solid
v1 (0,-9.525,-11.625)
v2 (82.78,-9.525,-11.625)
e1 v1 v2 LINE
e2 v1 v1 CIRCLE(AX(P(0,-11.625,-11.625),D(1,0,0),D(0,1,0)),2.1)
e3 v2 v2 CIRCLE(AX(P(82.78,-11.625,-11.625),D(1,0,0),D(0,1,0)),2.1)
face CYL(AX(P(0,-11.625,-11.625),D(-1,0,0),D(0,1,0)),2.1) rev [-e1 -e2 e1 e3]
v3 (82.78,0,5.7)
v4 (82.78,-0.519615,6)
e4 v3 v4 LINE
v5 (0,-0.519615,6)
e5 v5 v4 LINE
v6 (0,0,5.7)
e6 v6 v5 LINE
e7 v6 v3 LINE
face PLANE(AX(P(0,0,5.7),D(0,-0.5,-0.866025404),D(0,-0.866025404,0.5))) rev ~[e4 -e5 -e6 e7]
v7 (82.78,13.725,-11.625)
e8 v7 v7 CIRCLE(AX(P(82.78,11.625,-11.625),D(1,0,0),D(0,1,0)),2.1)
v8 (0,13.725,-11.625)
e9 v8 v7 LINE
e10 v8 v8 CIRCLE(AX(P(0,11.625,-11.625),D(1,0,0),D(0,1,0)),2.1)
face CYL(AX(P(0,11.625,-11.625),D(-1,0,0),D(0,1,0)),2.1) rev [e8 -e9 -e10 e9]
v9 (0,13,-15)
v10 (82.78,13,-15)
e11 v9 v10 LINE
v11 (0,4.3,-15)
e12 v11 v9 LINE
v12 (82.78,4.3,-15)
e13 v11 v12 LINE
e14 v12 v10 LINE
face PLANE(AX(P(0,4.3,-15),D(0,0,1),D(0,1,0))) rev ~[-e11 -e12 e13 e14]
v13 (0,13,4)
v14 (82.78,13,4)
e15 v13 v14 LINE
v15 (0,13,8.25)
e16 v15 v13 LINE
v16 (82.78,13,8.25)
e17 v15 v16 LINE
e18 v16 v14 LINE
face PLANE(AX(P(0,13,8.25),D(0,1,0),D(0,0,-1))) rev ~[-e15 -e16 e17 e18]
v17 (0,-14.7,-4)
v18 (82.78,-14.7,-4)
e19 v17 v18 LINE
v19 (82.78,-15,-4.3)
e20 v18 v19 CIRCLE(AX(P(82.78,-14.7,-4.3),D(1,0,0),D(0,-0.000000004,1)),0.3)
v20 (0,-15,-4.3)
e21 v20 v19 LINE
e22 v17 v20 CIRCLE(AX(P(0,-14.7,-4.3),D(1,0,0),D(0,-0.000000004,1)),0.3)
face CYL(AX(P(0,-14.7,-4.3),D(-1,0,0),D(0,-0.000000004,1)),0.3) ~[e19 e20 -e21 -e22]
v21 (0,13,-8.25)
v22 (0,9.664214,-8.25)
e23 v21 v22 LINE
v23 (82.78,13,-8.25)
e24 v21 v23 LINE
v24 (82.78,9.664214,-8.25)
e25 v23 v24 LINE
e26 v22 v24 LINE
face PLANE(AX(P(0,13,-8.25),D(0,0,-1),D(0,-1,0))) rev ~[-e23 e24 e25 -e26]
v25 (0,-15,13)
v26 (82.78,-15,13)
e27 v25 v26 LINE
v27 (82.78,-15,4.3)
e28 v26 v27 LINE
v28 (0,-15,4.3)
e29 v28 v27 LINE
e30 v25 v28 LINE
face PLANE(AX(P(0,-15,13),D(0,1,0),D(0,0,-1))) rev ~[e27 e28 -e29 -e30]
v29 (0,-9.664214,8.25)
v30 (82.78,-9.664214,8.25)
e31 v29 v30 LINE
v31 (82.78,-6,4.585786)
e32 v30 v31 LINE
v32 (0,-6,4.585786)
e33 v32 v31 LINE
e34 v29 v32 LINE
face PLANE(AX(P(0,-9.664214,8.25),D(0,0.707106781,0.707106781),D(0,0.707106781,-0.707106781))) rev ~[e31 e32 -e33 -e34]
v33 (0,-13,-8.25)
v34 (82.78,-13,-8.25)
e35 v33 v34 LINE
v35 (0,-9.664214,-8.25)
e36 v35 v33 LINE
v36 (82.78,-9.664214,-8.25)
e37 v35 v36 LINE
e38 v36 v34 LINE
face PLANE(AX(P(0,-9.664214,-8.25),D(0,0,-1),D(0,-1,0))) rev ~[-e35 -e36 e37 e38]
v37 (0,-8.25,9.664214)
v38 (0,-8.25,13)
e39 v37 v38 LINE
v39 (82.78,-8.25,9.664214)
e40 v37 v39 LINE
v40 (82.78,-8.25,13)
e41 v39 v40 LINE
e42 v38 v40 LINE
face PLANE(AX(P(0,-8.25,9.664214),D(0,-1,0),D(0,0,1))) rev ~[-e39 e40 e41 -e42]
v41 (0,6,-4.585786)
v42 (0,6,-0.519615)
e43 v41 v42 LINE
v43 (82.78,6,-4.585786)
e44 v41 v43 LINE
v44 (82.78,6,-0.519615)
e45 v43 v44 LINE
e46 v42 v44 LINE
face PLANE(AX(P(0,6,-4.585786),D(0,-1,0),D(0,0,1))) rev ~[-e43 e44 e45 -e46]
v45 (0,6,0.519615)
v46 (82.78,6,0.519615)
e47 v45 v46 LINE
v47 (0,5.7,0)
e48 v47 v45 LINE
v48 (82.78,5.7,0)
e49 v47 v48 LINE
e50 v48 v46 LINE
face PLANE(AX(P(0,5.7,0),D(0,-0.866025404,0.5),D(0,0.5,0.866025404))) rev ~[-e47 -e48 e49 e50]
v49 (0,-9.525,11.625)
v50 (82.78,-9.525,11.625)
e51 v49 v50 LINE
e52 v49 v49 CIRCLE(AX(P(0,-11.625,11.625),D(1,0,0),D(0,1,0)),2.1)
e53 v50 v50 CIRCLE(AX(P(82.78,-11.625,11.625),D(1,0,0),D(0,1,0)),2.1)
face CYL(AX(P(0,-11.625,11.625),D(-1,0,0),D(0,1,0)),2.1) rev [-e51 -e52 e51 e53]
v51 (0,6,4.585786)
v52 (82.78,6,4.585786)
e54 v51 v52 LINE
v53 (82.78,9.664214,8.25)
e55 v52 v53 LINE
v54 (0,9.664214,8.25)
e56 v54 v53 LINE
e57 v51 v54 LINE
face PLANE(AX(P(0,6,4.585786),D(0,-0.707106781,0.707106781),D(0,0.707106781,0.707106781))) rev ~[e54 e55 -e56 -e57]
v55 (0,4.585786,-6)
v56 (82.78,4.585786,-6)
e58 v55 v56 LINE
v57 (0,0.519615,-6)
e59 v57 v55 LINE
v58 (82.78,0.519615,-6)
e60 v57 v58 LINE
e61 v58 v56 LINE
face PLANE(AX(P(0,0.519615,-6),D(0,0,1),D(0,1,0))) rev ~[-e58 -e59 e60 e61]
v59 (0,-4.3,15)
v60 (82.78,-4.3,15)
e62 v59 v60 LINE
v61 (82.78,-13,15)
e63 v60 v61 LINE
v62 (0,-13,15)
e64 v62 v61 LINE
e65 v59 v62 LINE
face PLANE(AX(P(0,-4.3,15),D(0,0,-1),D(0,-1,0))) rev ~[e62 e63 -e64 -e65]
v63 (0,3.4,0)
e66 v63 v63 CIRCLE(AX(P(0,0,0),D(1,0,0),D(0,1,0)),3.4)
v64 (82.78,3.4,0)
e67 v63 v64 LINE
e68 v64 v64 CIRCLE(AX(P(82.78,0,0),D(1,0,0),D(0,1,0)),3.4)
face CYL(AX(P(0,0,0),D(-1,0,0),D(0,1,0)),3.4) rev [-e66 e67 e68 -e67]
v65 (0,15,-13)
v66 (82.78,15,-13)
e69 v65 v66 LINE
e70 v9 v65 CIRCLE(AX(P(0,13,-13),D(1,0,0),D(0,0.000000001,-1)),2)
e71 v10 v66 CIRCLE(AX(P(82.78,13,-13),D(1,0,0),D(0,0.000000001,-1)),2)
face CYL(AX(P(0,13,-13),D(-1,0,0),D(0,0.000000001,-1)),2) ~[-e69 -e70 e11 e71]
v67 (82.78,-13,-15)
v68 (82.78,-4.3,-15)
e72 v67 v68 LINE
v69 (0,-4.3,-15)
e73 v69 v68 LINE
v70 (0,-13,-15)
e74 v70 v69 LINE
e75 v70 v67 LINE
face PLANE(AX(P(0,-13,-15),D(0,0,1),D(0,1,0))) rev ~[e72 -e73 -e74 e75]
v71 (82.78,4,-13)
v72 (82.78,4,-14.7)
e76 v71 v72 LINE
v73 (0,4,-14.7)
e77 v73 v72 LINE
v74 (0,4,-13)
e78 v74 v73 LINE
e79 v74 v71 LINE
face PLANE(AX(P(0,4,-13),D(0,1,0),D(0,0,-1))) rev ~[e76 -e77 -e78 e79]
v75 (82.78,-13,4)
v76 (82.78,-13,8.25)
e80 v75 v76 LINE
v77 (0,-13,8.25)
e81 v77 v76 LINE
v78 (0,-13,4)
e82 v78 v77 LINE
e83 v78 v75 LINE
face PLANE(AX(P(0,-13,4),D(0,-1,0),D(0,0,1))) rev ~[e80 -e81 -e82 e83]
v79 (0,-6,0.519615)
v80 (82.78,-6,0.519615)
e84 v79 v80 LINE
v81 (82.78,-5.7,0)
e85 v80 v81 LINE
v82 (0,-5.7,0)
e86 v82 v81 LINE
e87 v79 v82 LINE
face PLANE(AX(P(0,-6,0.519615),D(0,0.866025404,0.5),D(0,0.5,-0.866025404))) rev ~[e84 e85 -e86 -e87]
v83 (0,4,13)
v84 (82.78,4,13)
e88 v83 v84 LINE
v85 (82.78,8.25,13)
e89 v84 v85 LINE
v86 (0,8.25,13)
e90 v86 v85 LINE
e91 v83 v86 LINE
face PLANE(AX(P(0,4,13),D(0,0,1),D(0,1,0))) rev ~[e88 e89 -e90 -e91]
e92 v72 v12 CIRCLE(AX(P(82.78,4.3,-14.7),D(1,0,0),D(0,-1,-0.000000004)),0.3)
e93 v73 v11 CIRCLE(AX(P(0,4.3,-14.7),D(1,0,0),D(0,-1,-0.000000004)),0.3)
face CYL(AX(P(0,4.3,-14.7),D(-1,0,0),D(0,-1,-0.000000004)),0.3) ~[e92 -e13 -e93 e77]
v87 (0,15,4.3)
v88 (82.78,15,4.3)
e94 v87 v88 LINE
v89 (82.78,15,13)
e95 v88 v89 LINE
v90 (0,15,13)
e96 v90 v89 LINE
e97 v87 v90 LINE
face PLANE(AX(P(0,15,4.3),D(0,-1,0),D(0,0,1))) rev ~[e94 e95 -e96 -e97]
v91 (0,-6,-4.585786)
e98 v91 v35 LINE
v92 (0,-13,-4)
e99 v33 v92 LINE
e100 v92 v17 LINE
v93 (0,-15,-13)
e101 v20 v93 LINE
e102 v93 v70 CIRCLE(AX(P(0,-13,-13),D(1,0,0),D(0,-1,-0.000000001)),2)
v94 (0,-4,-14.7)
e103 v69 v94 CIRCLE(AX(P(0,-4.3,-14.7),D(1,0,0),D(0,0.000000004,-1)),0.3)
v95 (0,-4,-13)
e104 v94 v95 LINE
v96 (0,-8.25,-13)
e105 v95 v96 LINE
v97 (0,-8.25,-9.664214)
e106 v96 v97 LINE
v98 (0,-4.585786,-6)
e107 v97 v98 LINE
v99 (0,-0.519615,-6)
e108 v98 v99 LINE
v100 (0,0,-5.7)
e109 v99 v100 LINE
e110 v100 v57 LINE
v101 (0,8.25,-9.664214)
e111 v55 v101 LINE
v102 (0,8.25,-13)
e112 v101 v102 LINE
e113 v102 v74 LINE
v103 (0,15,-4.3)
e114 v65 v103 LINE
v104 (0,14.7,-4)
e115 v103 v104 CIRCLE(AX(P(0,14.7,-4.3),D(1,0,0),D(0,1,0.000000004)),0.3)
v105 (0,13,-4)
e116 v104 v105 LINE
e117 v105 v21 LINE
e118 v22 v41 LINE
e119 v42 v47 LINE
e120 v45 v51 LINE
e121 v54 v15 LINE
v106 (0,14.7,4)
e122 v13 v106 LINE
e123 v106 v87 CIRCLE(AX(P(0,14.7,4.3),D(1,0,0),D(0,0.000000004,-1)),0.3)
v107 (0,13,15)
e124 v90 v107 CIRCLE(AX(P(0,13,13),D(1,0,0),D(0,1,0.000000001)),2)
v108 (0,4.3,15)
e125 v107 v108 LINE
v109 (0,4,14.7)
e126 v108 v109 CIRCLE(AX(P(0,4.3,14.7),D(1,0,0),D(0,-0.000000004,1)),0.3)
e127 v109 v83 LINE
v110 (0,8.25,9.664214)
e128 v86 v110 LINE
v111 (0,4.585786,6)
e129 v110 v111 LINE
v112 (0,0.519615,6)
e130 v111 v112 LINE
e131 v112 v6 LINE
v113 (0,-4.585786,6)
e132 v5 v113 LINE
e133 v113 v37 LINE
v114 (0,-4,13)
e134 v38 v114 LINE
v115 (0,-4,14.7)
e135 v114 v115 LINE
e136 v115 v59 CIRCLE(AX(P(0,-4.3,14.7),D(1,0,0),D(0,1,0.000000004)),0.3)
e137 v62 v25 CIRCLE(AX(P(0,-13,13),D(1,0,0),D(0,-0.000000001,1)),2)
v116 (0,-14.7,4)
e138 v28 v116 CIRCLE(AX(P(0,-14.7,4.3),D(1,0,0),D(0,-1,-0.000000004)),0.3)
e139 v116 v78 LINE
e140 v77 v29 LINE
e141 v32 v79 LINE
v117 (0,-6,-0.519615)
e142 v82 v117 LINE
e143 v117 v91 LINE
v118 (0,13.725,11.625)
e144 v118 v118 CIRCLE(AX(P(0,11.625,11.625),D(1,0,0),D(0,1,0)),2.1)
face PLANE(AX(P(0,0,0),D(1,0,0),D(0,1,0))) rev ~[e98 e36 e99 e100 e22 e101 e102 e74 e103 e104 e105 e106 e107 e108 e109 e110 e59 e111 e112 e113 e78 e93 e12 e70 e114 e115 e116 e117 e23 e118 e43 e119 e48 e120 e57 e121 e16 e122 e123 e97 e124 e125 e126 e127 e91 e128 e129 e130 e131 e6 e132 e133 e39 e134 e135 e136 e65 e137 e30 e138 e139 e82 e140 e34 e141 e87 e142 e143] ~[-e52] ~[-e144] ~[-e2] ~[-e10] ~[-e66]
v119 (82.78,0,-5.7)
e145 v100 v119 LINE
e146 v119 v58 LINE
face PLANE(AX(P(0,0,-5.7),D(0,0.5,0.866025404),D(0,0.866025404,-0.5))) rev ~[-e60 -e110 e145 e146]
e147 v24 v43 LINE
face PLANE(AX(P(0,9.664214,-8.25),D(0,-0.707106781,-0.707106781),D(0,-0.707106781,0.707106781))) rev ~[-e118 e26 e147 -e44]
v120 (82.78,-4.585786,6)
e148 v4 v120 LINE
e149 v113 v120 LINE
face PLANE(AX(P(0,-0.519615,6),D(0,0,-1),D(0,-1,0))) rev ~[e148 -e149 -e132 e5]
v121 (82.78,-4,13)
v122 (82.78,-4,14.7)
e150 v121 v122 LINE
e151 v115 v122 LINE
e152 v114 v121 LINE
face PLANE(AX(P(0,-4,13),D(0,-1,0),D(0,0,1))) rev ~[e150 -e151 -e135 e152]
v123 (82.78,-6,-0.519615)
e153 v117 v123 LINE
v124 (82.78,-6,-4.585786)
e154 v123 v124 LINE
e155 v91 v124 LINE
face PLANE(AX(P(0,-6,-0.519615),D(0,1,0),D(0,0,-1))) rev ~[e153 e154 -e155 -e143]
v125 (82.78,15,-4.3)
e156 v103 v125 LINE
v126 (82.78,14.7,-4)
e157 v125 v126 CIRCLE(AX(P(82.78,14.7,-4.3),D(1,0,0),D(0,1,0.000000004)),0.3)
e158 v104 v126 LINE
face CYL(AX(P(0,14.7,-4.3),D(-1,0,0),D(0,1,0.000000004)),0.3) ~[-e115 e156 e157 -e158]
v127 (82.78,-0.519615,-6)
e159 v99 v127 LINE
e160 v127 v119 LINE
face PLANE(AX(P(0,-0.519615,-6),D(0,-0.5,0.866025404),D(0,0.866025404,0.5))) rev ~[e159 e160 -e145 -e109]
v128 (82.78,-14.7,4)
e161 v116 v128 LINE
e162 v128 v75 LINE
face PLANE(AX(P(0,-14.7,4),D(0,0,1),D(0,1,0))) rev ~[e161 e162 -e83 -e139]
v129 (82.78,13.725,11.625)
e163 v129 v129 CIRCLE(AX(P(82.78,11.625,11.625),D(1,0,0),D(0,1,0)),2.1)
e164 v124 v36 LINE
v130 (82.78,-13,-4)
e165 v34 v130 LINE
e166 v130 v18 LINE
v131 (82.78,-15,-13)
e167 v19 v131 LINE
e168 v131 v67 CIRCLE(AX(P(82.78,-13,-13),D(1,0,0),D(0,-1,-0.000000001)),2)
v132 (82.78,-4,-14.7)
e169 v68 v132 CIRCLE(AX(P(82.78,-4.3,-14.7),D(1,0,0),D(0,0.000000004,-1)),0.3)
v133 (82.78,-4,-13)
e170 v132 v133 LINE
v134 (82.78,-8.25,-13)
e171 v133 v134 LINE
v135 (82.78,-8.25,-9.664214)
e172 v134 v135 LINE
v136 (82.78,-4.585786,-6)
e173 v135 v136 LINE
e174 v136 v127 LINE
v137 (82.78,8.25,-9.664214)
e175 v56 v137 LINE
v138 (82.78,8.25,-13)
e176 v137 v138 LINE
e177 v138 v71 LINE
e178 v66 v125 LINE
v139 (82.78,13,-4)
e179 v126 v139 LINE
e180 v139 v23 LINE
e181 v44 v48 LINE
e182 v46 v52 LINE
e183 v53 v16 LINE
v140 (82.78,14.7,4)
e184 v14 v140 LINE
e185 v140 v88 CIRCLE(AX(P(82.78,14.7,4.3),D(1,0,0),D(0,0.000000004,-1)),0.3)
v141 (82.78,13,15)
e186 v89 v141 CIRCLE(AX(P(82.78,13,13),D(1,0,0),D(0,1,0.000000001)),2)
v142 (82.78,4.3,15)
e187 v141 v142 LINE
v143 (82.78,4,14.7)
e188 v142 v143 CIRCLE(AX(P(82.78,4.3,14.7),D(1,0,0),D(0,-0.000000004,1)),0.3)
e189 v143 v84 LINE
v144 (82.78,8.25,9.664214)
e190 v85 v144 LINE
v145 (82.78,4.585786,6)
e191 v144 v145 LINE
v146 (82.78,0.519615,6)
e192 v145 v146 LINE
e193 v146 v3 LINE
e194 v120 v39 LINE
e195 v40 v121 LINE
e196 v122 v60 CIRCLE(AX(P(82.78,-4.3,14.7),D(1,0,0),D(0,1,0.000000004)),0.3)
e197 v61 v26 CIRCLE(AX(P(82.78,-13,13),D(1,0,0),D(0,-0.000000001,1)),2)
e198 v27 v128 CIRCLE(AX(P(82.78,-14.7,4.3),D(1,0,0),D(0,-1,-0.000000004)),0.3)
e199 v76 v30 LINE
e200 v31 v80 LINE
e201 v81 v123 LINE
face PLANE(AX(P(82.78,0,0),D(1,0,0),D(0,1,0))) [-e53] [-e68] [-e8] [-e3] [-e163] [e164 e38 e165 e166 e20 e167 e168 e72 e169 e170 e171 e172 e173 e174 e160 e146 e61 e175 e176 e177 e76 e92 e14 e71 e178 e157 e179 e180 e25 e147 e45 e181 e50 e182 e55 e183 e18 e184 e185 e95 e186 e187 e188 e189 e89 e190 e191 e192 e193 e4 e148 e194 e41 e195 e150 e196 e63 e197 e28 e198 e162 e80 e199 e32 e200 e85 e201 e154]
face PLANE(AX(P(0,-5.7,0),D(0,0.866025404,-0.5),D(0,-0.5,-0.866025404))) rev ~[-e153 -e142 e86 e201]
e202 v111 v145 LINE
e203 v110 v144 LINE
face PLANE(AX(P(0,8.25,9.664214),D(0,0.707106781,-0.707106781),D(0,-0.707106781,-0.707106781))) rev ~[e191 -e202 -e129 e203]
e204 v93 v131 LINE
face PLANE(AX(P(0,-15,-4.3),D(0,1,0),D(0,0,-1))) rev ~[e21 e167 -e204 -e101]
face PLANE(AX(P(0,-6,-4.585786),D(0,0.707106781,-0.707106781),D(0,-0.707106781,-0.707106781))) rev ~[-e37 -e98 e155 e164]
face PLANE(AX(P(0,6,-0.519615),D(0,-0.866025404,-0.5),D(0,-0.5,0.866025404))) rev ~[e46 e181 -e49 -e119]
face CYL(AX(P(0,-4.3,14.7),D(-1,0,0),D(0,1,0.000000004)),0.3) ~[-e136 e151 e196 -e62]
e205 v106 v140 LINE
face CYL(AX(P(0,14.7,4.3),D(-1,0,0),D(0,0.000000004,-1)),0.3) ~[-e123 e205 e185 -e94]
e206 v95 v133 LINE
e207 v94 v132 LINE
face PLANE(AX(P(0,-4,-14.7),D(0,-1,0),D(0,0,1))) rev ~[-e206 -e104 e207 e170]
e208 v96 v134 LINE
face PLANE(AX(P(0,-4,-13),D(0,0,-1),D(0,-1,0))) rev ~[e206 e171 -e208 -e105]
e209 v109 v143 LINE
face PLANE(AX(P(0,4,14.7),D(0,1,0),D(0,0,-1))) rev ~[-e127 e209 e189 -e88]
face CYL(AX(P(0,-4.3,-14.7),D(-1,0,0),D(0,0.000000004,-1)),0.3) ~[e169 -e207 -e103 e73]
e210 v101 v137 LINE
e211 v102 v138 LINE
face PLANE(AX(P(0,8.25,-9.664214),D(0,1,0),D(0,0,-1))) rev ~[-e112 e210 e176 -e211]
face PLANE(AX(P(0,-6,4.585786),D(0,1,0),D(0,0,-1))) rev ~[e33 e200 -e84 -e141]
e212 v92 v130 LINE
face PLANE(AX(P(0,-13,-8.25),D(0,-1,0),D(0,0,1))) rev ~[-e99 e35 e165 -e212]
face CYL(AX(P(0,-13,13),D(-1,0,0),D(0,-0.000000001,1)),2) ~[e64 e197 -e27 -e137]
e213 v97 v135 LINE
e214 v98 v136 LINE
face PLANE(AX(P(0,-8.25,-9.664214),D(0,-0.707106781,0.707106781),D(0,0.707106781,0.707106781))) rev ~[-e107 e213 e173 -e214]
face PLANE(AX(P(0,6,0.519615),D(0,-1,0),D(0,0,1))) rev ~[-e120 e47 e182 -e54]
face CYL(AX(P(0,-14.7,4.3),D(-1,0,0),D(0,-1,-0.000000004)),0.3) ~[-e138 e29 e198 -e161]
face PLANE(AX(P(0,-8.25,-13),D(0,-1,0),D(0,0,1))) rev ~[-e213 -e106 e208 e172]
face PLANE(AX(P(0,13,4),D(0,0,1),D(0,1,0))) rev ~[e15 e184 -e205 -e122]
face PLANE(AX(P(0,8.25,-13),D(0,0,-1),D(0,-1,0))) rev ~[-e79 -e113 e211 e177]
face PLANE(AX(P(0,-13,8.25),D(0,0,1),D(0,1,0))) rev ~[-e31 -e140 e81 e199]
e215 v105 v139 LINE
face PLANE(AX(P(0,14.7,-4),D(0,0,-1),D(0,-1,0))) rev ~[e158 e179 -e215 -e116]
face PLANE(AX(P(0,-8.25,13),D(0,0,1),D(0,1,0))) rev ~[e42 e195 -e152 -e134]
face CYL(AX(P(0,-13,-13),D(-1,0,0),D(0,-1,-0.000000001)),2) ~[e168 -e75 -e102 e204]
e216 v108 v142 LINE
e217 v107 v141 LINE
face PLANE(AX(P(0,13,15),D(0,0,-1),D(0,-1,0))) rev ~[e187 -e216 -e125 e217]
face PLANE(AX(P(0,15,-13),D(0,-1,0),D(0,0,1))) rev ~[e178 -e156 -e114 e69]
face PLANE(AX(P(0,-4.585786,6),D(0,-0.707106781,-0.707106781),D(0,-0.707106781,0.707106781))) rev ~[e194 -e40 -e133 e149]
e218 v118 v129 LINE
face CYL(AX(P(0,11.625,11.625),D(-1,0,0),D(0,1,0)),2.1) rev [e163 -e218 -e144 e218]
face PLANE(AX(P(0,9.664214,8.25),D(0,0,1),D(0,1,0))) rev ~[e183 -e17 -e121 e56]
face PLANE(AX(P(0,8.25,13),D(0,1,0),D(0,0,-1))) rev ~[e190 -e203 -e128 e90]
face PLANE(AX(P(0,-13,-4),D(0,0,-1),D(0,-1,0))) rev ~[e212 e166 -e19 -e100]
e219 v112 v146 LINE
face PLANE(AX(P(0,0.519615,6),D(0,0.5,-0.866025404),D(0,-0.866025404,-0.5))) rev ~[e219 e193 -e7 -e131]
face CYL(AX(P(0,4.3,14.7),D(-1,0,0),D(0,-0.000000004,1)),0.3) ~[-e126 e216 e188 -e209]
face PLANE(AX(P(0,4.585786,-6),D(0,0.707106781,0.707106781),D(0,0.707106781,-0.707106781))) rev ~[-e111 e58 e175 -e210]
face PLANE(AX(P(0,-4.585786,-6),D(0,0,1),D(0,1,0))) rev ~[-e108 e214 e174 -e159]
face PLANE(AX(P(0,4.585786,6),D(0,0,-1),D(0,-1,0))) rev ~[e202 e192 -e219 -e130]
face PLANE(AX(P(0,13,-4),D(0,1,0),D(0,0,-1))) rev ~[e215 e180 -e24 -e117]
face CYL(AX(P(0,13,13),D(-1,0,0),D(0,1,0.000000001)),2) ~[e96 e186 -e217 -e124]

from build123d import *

# Parameters (mm, degrees)
SKETCH_1_R              = 2.1
SKETCH_1_R_2            = 3.4
F_30XS6_30X30S6_1_DEPTH = 82.78


with BuildPart() as part:
    # 草图1 → 30xs6 30X30S6(1) (new body)
    with BuildSketch(Plane.YZ):
        with BuildLine():
            Line((-14.7, 4), (-13, 4))
            Line((-13, 4), (-13, 8.25))
            Line((-13, 8.25), (-9.664213562, 8.25))
            Line((-9.664213562, 8.25), (-6, 4.585786438))
            Line((-6, 4.585786438), (-6, 0.519615242))
            Line((-6, 0.519615242), (-5.7, 0))
            Line((-5.7, 0), (-6, -0.519615242))
            Line((-6, -0.519615242), (-6, -4.585786438))
            Line((-6, -4.585786438), (-9.664213562, -8.25))
            Line((-9.664213562, -8.25), (-13, -8.25))
            Line((-13, -8.25), (-13, -4))
            Line((-13, -4), (-14.7, -4))
            ThreePointArc((-14.7, -4), (-14.912132034, -4.087867966), (-15, -4.3))
            Line((-15, -4.3), (-15, -13))
            ThreePointArc((-15, -13), (-14.414213562, -14.414213562), (-13, -15))
            Line((-13, -15), (-4.3, -15))
            ThreePointArc((-4.3, -15), (-4.087867966, -14.912132034), (-4, -14.7))
            Line((-4, -14.7), (-4, -13))
            Line((-4, -13), (-8.25, -13))
            Line((-8.25, -13), (-8.25, -9.664213562))
            Line((-8.25, -9.664213562), (-4.585786438, -6))
            Line((-4.585786438, -6), (-0.519615242, -6))
            Line((-0.519615242, -6), (0, -5.7))
            Line((0, -5.7), (0.519615242, -6))
            Line((0.519615242, -6), (4.585786438, -6))
            Line((4.585786438, -6), (8.25, -9.664213562))
            Line((8.25, -9.664213562), (8.25, -13))
            Line((8.25, -13), (4, -13))
            Line((4, -13), (4, -14.7))
            ThreePointArc((4, -14.7), (4.087867966, -14.912132034), (4.3, -15))
            Line((4.3, -15), (13, -15))
            ThreePointArc((13, -15), (14.414213562, -14.414213562), (15, -13))
            Line((15, -13), (15, -4.3))
            ThreePointArc((15, -4.3), (14.912132034, -4.087867966), (14.7, -4))
            Line((14.7, -4), (13, -4))
            Line((13, -4), (13, -8.25))
            Line((13, -8.25), (9.664213562, -8.25))
            Line((9.664213562, -8.25), (6, -4.585786438))
            Line((6, -4.585786438), (6, -0.519615242))
            Line((6, -0.519615242), (5.7, 0))
            Line((5.7, 0), (6, 0.519615242))
            Line((6, 0.519615242), (6, 4.585786438))
            Line((6, 4.585786438), (9.664213562, 8.25))
            Line((9.664213562, 8.25), (13, 8.25))
            Line((13, 8.25), (13, 4))
            Line((13, 4), (14.7, 4))
            ThreePointArc((14.7, 4), (14.912132034, 4.087867966), (15, 4.3))
            Line((15, 4.3), (15, 13))
            ThreePointArc((15, 13), (14.414213562, 14.414213562), (13, 15))
            Line((13, 15), (4.3, 15))
            ThreePointArc((4.3, 15), (4.087867966, 14.912132034), (4, 14.7))
            Line((4, 14.7), (4, 13))
            Line((4, 13), (8.25, 13))
            Line((8.25, 13), (8.25, 9.664213562))
            Line((8.25, 9.664213562), (4.585786438, 6))
            Line((4.585786438, 6), (0.519615242, 6))
            Line((0.519615242, 6), (0, 5.7))
            Line((0, 5.7), (-0.519615242, 6))
            Line((-0.519615242, 6), (-4.585786438, 6))
            Line((-4.585786438, 6), (-8.25, 9.664213562))
            Line((-8.25, 9.664213562), (-8.25, 13))
            Line((-8.25, 13), (-4, 13))
            Line((-4, 13), (-4, 14.7))
            ThreePointArc((-4, 14.7), (-4.087867966, 14.912132034), (-4.3, 15))
            Line((-4.3, 15), (-13, 15))
            ThreePointArc((-13, 15), (-14.414213562, 14.414213562), (-15, 13))
            Line((-15, 13), (-15, 4.3))
            ThreePointArc((-15, 4.3), (-14.912132034, 4.087867966), (-14.7, 4))
        make_face()
        with Locations((11.625, 11.625)):
            Circle(SKETCH_1_R, mode=Mode.SUBTRACT)
        with Locations((11.625, -11.625)):
            Circle(SKETCH_1_R, mode=Mode.SUBTRACT)
        Circle(SKETCH_1_R_2, mode=Mode.SUBTRACT)
        with Locations((-11.625, -11.625)):
            Circle(SKETCH_1_R, mode=Mode.SUBTRACT)
        with Locations((-11.625, 11.625)):
            Circle(SKETCH_1_R, mode=Mode.SUBTRACT)
    extrude(amount=F_30XS6_30X30S6_1_DEPTH)


solid = part.part
